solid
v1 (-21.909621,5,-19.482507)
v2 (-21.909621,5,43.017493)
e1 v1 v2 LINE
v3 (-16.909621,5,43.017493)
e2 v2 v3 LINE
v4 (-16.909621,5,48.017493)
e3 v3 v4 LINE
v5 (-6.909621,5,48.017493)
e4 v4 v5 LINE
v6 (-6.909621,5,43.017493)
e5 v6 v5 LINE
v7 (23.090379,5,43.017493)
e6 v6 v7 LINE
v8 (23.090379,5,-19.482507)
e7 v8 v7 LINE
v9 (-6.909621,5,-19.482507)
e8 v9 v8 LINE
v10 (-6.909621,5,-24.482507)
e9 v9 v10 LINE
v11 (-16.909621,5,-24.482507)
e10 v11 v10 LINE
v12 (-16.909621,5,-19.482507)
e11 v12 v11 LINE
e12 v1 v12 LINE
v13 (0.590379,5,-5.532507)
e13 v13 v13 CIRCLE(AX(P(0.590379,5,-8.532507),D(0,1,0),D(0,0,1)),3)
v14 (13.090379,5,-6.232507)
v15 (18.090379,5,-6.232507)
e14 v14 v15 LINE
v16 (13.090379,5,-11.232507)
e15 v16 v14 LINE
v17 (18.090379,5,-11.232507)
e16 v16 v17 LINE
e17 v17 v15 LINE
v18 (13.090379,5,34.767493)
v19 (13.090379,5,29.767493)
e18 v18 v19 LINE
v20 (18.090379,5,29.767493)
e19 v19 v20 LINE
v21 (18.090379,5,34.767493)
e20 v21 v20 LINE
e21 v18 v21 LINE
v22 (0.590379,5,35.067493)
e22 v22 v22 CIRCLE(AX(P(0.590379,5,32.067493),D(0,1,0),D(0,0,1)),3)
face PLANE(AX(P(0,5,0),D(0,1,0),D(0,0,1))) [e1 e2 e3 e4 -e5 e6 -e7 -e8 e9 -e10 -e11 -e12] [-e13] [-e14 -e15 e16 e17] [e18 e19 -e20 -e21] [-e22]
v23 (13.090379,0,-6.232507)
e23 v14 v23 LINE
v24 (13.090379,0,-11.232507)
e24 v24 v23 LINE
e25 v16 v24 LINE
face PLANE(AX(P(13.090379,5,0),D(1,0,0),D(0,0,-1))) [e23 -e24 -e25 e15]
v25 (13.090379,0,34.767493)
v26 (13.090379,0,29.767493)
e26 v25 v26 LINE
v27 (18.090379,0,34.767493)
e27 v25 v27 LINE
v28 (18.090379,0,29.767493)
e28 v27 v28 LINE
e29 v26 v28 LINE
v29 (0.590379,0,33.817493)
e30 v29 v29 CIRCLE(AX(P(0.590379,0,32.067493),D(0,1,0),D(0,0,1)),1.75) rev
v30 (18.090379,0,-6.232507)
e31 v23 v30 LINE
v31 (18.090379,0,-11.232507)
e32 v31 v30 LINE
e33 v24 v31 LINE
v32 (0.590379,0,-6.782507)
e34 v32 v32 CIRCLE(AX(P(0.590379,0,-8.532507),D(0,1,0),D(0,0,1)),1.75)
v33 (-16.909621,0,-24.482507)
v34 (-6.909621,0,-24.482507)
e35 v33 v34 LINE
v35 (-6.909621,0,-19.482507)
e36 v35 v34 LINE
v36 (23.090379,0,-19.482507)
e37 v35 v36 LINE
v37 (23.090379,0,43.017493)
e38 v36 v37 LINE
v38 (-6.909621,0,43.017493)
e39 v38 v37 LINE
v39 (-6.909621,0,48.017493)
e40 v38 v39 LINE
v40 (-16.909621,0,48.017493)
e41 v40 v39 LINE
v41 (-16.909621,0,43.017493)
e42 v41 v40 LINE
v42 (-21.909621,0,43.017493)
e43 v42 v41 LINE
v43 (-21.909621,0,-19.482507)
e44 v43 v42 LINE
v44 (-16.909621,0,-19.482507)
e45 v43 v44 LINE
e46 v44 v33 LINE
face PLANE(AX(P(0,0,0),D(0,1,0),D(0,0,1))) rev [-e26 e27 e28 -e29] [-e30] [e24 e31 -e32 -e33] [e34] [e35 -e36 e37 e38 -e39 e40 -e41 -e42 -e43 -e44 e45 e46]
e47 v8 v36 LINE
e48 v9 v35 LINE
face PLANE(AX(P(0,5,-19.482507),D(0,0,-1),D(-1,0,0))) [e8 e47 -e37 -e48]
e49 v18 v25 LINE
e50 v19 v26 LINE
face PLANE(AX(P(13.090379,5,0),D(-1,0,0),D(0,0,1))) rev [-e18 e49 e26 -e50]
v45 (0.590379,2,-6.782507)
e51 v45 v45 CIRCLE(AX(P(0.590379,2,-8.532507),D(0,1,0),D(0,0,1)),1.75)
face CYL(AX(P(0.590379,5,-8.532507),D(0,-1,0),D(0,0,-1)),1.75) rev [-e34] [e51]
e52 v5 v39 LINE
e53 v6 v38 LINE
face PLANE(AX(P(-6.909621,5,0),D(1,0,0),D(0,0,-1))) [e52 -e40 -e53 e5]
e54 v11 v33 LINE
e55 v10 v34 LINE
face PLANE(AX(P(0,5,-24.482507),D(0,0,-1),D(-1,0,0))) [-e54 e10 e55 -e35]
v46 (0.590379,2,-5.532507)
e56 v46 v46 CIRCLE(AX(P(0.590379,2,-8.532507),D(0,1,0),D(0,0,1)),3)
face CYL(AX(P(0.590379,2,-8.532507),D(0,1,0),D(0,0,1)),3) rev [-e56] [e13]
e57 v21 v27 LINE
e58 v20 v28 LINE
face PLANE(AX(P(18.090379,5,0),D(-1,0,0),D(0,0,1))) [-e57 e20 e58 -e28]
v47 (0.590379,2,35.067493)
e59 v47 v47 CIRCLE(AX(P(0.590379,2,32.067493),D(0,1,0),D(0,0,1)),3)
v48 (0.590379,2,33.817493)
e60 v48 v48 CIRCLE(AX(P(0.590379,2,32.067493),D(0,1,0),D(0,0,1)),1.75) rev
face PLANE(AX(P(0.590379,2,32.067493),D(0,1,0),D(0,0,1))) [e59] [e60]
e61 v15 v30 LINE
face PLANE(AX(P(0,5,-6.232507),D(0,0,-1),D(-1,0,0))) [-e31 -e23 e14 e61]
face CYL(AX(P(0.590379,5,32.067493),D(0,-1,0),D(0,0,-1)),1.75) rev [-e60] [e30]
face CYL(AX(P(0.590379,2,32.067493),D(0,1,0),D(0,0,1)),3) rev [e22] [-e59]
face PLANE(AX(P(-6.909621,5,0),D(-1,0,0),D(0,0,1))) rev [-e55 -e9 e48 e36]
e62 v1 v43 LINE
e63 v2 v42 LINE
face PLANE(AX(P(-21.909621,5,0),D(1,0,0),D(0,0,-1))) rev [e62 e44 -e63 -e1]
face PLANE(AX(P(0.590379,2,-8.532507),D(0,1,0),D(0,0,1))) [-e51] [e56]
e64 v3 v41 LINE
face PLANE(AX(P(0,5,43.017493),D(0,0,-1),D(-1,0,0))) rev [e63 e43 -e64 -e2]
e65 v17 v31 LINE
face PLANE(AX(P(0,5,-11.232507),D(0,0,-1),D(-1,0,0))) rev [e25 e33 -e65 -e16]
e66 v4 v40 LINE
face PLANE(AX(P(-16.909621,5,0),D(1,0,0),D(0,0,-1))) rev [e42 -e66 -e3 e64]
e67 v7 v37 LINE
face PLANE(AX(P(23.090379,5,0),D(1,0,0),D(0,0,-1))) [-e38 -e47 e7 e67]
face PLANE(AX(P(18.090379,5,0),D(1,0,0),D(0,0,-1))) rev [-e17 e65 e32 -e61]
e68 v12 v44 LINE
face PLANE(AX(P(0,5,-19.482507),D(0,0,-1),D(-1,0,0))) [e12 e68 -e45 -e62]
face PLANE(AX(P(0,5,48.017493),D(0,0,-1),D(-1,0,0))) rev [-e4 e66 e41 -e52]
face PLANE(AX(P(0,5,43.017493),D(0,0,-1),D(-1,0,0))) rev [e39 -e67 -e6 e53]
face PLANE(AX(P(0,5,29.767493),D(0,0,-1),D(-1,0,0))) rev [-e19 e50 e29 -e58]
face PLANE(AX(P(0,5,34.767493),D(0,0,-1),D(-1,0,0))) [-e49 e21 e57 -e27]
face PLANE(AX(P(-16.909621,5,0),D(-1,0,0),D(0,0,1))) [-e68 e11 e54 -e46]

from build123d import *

# Parameters (mm, degrees)
SKETCH1_R           = 1.75
SKETCH1_W           = 5
SKETCH1_H           = 5
SKETCH1_W_2         = 10
BOSS_EXTRUDE1_DEPTH = 5
SKETCH2_R           = 3
CUT_EXTRUDE1_DEPTH  = 3


with BuildPart() as part:
    # Sketch1 → Boss-Extrude1 (new body)
    # profile 1 of 4: a face of its own
    with BuildSketch(Plane(origin=(0, 0, 0), x_dir=(1, 0, 0), z_dir=(0, 1, 0))):
        Polygon((-21.909620991, 19.482507289), (-21.909620991, -11.767492711), (23.090379009, -11.767492711), (23.090379009, 19.482507289), (-6.909620991, 19.482507289), (-16.909620991, 19.482507289), align=None)
        with Locations(Location((0.590379009, 8.532507289, 0), (0, 0, 270))):
            Circle(SKETCH1_R, mode=Mode.SUBTRACT)
        with Locations((15.590379009, 8.732507289)):
            Rectangle(SKETCH1_W, SKETCH1_H, mode=Mode.SUBTRACT)
    # profile 2 of 4: a face of its own
    with BuildSketch(Plane(origin=(0, 0, 0), x_dir=(1, 0, 0), z_dir=(0, 1, 0))):
        Polygon((23.090379009, -11.767492711), (-21.909620991, -11.767492711), (-21.909620991, -43.017492711), (-16.909620991, -43.017492711), (-6.909620991, -43.017492711), (23.090379009, -43.017492711), align=None)
        with Locations(Location((0.590379009, -32.067492711, 0), (0, 0, 270))):
            Circle(SKETCH1_R, mode=Mode.SUBTRACT)
        with Locations((15.590379009, -32.267492711)):
            Rectangle(SKETCH1_W, SKETCH1_H, mode=Mode.SUBTRACT)
    # profile 3 of 4: a face of its own
    with BuildSketch(Plane(origin=(0, 0, 0), x_dir=(1, 0, 0), z_dir=(0, 1, 0))):
        with Locations((-11.909620991, -45.517492711)):
            Rectangle(SKETCH1_W_2, SKETCH1_H)
    # profile 4 of 4: a face of its own
    with BuildSketch(Plane(origin=(0, 0, 0), x_dir=(1, 0, 0), z_dir=(0, 1, 0))):
        with Locations((-11.909620991, 21.982507289)):
            Rectangle(SKETCH1_W_2, SKETCH1_H)
    extrude(amount=BOSS_EXTRUDE1_DEPTH)

    # Sketch2 → Cut-Extrude1 (cut)
    with BuildSketch(Plane(origin=(0, 5, 0), x_dir=(1, 0, 0), z_dir=(0, 1, 0))):
        with Locations(Location((0.590379009, -32.067492711, 0), (0, 0, 270))):
            Circle(SKETCH2_R)
        with Locations(Location((0.590379009, 8.532507289, 0), (0, 0, 270))):
            Circle(SKETCH2_R)
    extrude(amount=-CUT_EXTRUDE1_DEPTH, mode=Mode.SUBTRACT)


solid = part.part
